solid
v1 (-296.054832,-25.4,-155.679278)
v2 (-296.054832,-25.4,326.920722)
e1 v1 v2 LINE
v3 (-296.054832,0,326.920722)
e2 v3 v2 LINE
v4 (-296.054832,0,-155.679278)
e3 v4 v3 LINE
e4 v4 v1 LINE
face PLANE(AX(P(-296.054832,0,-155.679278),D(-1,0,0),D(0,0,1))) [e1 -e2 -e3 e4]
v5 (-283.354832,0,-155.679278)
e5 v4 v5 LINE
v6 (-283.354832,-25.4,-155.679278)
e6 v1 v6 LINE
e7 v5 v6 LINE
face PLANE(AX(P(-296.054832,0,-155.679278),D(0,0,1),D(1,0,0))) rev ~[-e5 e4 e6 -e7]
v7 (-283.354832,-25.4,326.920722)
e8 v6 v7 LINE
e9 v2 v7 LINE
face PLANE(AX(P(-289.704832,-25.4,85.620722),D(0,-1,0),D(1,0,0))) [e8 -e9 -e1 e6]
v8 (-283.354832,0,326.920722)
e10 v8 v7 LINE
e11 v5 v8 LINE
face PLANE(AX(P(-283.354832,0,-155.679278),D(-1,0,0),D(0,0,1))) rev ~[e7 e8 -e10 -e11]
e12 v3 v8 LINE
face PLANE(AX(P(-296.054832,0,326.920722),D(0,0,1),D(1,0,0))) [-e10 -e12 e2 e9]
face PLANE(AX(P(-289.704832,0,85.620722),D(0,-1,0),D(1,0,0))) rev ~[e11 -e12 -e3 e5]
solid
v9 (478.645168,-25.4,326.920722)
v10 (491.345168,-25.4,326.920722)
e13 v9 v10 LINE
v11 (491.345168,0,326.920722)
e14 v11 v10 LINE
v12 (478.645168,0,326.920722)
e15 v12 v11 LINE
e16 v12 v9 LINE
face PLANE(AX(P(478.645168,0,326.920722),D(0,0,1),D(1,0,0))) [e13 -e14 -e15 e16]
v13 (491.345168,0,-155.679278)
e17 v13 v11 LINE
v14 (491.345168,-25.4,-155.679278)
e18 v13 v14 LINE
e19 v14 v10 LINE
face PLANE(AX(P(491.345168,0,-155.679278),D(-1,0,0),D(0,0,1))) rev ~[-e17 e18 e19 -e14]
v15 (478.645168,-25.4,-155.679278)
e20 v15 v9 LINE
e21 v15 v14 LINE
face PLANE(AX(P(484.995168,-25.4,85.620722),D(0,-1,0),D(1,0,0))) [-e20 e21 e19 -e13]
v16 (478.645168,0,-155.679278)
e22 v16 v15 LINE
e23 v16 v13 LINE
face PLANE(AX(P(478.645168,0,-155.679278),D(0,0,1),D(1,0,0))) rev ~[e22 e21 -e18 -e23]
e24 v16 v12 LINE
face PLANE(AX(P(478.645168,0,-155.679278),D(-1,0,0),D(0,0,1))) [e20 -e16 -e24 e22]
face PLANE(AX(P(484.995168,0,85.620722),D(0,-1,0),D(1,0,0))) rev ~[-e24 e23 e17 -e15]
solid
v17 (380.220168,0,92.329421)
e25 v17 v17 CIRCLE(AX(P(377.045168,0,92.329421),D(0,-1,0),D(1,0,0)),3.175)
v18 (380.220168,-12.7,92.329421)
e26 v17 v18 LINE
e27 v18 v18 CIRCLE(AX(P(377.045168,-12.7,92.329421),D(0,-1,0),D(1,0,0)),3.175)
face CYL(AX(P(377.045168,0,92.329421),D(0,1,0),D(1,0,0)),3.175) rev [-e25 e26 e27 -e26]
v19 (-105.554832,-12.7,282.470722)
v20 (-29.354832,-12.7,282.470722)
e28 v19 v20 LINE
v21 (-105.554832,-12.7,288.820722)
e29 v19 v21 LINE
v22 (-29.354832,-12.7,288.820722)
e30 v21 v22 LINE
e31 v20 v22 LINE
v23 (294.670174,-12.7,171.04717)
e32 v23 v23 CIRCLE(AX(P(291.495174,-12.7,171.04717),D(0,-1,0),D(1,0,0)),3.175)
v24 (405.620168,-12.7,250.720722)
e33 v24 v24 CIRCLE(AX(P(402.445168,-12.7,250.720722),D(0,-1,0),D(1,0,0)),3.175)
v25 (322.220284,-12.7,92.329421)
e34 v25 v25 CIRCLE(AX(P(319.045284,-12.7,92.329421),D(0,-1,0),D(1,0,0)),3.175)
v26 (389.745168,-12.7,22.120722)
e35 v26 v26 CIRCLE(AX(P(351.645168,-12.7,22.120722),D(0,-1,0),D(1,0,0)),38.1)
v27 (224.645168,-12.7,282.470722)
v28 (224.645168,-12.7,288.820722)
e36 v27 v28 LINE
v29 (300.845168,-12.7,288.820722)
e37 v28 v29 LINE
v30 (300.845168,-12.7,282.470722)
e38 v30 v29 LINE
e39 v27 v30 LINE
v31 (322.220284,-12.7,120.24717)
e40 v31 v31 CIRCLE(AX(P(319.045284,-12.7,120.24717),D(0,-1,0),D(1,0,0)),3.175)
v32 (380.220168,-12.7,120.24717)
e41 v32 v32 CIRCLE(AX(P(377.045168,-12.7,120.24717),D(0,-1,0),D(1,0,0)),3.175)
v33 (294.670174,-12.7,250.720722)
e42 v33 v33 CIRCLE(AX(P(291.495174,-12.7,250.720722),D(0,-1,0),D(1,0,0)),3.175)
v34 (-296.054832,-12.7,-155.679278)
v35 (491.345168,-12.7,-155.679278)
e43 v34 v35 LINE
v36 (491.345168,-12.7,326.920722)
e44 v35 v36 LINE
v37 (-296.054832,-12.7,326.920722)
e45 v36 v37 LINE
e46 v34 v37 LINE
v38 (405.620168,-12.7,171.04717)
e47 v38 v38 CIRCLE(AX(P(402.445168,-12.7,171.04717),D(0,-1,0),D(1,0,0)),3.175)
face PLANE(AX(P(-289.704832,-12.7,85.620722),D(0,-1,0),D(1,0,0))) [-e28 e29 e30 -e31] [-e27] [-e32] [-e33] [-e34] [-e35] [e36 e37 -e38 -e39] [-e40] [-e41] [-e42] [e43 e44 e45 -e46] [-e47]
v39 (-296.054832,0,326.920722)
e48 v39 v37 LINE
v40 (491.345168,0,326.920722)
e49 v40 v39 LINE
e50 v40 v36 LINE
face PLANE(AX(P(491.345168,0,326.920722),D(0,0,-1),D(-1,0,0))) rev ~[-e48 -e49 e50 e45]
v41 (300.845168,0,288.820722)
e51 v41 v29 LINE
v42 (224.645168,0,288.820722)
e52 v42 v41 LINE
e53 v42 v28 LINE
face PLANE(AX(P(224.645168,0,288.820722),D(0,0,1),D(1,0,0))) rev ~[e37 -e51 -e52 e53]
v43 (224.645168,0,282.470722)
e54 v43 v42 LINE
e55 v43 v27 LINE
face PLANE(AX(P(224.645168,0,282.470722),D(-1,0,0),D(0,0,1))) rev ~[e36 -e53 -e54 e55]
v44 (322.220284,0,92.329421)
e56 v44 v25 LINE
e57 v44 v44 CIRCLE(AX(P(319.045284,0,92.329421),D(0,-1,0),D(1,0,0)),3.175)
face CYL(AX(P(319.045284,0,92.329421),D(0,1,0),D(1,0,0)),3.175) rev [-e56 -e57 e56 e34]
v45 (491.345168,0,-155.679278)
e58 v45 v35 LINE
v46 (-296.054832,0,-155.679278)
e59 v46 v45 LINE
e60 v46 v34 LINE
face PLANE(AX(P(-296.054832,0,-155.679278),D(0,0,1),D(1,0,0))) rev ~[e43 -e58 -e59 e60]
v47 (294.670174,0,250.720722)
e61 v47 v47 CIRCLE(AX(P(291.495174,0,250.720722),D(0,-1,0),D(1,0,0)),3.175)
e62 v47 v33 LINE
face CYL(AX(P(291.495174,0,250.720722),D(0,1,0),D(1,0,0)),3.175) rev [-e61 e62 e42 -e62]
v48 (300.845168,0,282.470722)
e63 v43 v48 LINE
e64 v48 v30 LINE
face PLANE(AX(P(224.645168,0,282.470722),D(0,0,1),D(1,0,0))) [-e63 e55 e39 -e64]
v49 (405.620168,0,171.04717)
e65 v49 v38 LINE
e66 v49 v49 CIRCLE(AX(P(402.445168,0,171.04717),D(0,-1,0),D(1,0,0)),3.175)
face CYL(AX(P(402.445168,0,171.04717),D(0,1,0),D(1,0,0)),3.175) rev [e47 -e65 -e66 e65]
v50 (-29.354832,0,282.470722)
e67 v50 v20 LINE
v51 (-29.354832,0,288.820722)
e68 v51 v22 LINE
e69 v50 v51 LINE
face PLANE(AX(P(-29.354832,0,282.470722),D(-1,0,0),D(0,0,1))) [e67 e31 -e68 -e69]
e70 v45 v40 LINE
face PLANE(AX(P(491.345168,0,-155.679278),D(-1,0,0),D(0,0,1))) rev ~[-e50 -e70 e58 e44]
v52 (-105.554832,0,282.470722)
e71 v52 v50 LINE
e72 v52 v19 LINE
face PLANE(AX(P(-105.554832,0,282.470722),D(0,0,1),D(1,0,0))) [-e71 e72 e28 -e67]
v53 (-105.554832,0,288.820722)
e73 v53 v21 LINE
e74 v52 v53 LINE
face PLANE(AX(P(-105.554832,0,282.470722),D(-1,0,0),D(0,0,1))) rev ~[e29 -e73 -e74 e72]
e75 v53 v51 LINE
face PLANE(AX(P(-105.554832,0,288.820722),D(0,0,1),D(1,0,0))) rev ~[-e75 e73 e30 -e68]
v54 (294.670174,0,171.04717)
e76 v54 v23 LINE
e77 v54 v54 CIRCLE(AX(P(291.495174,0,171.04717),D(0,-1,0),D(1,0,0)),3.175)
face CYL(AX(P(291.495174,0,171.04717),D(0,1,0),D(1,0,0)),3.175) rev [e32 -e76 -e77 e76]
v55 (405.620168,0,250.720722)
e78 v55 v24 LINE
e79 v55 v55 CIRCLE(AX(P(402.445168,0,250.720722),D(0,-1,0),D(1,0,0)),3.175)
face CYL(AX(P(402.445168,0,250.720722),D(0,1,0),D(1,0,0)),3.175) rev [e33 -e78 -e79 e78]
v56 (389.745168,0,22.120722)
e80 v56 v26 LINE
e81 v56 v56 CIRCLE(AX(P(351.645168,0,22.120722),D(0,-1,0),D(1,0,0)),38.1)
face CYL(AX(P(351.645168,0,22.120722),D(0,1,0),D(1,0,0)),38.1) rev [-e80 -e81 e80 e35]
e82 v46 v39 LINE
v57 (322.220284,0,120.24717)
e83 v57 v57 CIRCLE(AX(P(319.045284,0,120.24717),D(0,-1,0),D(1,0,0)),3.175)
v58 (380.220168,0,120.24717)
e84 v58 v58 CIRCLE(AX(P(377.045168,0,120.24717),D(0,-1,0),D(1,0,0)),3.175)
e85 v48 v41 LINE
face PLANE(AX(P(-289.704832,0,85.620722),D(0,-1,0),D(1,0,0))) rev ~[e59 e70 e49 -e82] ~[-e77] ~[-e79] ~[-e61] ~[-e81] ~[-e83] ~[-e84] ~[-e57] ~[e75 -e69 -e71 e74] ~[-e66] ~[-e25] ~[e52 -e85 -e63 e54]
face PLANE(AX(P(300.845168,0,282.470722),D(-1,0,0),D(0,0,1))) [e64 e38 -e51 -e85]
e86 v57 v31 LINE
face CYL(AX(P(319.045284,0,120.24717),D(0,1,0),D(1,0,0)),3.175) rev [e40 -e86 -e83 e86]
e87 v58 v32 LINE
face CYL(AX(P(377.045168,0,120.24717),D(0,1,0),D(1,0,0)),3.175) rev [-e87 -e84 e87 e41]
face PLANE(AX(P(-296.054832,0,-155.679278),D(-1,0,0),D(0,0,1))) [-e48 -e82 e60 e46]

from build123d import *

# Parameters (mm, degrees)
F0_W     = 12.7
F0_H     = 482.6
F1_DEPTH = 25.4
F0_W_2   = 762
F0_R     = 38.1
F0_W_3   = 76.2
F0_H_2   = 6.35
F0_R_2   = 3.175
F2_DEPTH = 12.7


with BuildPart() as f1:
    # F0 (on Front) → F1 (new body)
    with BuildSketch(Plane.XZ):
        with Locations((-289.704832, 85.620722)):
            Rectangle(F0_W, F0_H)
        with Locations((484.995168, 85.620722)):
            Rectangle(F0_W, F0_H)
    extrude(amount=F1_DEPTH)


with BuildPart() as f2:
    # F0 (on Front) → F2 (new body)
    with BuildSketch(Plane.XZ):
        with Locations((-289.704832, 85.620722)):
            Rectangle(F0_W, F0_H)
        with Locations((97.645168, 85.620722)):
            Rectangle(F0_W_2, F0_H)
        with Locations((351.645168, 22.120722)):
            Circle(F0_R, mode=Mode.SUBTRACT)
        with Locations((-67.454832, 285.645722)):
            Rectangle(F0_W_3, F0_H_2, mode=Mode.SUBTRACT)
        with Locations((291.495174, 171.04717)):
            Circle(F0_R_2, mode=Mode.SUBTRACT)
        with Locations((319.045284, 92.329421)):
            Circle(F0_R_2, mode=Mode.SUBTRACT)
        with Locations((377.045168, 92.329421)):
            Circle(F0_R_2, mode=Mode.SUBTRACT)
        with Locations((319.045284, 120.24717)):
            Circle(F0_R_2, mode=Mode.SUBTRACT)
        with Locations((377.045168, 120.24717)):
            Circle(F0_R_2, mode=Mode.SUBTRACT)
        with Locations((402.445168, 171.04717)):
            Circle(F0_R_2, mode=Mode.SUBTRACT)
        with Locations((291.495174, 250.720722)):
            Circle(F0_R_2, mode=Mode.SUBTRACT)
        with Locations((262.745168, 285.645722)):
            Rectangle(F0_W_3, F0_H_2, mode=Mode.SUBTRACT)
        with Locations((402.445168, 250.720722)):
            Circle(F0_R_2, mode=Mode.SUBTRACT)
        with Locations((484.995168, 85.620722)):
            Rectangle(F0_W, F0_H)
    extrude(amount=F2_DEPTH)


solid = Compound([f1.part, f2.part])
